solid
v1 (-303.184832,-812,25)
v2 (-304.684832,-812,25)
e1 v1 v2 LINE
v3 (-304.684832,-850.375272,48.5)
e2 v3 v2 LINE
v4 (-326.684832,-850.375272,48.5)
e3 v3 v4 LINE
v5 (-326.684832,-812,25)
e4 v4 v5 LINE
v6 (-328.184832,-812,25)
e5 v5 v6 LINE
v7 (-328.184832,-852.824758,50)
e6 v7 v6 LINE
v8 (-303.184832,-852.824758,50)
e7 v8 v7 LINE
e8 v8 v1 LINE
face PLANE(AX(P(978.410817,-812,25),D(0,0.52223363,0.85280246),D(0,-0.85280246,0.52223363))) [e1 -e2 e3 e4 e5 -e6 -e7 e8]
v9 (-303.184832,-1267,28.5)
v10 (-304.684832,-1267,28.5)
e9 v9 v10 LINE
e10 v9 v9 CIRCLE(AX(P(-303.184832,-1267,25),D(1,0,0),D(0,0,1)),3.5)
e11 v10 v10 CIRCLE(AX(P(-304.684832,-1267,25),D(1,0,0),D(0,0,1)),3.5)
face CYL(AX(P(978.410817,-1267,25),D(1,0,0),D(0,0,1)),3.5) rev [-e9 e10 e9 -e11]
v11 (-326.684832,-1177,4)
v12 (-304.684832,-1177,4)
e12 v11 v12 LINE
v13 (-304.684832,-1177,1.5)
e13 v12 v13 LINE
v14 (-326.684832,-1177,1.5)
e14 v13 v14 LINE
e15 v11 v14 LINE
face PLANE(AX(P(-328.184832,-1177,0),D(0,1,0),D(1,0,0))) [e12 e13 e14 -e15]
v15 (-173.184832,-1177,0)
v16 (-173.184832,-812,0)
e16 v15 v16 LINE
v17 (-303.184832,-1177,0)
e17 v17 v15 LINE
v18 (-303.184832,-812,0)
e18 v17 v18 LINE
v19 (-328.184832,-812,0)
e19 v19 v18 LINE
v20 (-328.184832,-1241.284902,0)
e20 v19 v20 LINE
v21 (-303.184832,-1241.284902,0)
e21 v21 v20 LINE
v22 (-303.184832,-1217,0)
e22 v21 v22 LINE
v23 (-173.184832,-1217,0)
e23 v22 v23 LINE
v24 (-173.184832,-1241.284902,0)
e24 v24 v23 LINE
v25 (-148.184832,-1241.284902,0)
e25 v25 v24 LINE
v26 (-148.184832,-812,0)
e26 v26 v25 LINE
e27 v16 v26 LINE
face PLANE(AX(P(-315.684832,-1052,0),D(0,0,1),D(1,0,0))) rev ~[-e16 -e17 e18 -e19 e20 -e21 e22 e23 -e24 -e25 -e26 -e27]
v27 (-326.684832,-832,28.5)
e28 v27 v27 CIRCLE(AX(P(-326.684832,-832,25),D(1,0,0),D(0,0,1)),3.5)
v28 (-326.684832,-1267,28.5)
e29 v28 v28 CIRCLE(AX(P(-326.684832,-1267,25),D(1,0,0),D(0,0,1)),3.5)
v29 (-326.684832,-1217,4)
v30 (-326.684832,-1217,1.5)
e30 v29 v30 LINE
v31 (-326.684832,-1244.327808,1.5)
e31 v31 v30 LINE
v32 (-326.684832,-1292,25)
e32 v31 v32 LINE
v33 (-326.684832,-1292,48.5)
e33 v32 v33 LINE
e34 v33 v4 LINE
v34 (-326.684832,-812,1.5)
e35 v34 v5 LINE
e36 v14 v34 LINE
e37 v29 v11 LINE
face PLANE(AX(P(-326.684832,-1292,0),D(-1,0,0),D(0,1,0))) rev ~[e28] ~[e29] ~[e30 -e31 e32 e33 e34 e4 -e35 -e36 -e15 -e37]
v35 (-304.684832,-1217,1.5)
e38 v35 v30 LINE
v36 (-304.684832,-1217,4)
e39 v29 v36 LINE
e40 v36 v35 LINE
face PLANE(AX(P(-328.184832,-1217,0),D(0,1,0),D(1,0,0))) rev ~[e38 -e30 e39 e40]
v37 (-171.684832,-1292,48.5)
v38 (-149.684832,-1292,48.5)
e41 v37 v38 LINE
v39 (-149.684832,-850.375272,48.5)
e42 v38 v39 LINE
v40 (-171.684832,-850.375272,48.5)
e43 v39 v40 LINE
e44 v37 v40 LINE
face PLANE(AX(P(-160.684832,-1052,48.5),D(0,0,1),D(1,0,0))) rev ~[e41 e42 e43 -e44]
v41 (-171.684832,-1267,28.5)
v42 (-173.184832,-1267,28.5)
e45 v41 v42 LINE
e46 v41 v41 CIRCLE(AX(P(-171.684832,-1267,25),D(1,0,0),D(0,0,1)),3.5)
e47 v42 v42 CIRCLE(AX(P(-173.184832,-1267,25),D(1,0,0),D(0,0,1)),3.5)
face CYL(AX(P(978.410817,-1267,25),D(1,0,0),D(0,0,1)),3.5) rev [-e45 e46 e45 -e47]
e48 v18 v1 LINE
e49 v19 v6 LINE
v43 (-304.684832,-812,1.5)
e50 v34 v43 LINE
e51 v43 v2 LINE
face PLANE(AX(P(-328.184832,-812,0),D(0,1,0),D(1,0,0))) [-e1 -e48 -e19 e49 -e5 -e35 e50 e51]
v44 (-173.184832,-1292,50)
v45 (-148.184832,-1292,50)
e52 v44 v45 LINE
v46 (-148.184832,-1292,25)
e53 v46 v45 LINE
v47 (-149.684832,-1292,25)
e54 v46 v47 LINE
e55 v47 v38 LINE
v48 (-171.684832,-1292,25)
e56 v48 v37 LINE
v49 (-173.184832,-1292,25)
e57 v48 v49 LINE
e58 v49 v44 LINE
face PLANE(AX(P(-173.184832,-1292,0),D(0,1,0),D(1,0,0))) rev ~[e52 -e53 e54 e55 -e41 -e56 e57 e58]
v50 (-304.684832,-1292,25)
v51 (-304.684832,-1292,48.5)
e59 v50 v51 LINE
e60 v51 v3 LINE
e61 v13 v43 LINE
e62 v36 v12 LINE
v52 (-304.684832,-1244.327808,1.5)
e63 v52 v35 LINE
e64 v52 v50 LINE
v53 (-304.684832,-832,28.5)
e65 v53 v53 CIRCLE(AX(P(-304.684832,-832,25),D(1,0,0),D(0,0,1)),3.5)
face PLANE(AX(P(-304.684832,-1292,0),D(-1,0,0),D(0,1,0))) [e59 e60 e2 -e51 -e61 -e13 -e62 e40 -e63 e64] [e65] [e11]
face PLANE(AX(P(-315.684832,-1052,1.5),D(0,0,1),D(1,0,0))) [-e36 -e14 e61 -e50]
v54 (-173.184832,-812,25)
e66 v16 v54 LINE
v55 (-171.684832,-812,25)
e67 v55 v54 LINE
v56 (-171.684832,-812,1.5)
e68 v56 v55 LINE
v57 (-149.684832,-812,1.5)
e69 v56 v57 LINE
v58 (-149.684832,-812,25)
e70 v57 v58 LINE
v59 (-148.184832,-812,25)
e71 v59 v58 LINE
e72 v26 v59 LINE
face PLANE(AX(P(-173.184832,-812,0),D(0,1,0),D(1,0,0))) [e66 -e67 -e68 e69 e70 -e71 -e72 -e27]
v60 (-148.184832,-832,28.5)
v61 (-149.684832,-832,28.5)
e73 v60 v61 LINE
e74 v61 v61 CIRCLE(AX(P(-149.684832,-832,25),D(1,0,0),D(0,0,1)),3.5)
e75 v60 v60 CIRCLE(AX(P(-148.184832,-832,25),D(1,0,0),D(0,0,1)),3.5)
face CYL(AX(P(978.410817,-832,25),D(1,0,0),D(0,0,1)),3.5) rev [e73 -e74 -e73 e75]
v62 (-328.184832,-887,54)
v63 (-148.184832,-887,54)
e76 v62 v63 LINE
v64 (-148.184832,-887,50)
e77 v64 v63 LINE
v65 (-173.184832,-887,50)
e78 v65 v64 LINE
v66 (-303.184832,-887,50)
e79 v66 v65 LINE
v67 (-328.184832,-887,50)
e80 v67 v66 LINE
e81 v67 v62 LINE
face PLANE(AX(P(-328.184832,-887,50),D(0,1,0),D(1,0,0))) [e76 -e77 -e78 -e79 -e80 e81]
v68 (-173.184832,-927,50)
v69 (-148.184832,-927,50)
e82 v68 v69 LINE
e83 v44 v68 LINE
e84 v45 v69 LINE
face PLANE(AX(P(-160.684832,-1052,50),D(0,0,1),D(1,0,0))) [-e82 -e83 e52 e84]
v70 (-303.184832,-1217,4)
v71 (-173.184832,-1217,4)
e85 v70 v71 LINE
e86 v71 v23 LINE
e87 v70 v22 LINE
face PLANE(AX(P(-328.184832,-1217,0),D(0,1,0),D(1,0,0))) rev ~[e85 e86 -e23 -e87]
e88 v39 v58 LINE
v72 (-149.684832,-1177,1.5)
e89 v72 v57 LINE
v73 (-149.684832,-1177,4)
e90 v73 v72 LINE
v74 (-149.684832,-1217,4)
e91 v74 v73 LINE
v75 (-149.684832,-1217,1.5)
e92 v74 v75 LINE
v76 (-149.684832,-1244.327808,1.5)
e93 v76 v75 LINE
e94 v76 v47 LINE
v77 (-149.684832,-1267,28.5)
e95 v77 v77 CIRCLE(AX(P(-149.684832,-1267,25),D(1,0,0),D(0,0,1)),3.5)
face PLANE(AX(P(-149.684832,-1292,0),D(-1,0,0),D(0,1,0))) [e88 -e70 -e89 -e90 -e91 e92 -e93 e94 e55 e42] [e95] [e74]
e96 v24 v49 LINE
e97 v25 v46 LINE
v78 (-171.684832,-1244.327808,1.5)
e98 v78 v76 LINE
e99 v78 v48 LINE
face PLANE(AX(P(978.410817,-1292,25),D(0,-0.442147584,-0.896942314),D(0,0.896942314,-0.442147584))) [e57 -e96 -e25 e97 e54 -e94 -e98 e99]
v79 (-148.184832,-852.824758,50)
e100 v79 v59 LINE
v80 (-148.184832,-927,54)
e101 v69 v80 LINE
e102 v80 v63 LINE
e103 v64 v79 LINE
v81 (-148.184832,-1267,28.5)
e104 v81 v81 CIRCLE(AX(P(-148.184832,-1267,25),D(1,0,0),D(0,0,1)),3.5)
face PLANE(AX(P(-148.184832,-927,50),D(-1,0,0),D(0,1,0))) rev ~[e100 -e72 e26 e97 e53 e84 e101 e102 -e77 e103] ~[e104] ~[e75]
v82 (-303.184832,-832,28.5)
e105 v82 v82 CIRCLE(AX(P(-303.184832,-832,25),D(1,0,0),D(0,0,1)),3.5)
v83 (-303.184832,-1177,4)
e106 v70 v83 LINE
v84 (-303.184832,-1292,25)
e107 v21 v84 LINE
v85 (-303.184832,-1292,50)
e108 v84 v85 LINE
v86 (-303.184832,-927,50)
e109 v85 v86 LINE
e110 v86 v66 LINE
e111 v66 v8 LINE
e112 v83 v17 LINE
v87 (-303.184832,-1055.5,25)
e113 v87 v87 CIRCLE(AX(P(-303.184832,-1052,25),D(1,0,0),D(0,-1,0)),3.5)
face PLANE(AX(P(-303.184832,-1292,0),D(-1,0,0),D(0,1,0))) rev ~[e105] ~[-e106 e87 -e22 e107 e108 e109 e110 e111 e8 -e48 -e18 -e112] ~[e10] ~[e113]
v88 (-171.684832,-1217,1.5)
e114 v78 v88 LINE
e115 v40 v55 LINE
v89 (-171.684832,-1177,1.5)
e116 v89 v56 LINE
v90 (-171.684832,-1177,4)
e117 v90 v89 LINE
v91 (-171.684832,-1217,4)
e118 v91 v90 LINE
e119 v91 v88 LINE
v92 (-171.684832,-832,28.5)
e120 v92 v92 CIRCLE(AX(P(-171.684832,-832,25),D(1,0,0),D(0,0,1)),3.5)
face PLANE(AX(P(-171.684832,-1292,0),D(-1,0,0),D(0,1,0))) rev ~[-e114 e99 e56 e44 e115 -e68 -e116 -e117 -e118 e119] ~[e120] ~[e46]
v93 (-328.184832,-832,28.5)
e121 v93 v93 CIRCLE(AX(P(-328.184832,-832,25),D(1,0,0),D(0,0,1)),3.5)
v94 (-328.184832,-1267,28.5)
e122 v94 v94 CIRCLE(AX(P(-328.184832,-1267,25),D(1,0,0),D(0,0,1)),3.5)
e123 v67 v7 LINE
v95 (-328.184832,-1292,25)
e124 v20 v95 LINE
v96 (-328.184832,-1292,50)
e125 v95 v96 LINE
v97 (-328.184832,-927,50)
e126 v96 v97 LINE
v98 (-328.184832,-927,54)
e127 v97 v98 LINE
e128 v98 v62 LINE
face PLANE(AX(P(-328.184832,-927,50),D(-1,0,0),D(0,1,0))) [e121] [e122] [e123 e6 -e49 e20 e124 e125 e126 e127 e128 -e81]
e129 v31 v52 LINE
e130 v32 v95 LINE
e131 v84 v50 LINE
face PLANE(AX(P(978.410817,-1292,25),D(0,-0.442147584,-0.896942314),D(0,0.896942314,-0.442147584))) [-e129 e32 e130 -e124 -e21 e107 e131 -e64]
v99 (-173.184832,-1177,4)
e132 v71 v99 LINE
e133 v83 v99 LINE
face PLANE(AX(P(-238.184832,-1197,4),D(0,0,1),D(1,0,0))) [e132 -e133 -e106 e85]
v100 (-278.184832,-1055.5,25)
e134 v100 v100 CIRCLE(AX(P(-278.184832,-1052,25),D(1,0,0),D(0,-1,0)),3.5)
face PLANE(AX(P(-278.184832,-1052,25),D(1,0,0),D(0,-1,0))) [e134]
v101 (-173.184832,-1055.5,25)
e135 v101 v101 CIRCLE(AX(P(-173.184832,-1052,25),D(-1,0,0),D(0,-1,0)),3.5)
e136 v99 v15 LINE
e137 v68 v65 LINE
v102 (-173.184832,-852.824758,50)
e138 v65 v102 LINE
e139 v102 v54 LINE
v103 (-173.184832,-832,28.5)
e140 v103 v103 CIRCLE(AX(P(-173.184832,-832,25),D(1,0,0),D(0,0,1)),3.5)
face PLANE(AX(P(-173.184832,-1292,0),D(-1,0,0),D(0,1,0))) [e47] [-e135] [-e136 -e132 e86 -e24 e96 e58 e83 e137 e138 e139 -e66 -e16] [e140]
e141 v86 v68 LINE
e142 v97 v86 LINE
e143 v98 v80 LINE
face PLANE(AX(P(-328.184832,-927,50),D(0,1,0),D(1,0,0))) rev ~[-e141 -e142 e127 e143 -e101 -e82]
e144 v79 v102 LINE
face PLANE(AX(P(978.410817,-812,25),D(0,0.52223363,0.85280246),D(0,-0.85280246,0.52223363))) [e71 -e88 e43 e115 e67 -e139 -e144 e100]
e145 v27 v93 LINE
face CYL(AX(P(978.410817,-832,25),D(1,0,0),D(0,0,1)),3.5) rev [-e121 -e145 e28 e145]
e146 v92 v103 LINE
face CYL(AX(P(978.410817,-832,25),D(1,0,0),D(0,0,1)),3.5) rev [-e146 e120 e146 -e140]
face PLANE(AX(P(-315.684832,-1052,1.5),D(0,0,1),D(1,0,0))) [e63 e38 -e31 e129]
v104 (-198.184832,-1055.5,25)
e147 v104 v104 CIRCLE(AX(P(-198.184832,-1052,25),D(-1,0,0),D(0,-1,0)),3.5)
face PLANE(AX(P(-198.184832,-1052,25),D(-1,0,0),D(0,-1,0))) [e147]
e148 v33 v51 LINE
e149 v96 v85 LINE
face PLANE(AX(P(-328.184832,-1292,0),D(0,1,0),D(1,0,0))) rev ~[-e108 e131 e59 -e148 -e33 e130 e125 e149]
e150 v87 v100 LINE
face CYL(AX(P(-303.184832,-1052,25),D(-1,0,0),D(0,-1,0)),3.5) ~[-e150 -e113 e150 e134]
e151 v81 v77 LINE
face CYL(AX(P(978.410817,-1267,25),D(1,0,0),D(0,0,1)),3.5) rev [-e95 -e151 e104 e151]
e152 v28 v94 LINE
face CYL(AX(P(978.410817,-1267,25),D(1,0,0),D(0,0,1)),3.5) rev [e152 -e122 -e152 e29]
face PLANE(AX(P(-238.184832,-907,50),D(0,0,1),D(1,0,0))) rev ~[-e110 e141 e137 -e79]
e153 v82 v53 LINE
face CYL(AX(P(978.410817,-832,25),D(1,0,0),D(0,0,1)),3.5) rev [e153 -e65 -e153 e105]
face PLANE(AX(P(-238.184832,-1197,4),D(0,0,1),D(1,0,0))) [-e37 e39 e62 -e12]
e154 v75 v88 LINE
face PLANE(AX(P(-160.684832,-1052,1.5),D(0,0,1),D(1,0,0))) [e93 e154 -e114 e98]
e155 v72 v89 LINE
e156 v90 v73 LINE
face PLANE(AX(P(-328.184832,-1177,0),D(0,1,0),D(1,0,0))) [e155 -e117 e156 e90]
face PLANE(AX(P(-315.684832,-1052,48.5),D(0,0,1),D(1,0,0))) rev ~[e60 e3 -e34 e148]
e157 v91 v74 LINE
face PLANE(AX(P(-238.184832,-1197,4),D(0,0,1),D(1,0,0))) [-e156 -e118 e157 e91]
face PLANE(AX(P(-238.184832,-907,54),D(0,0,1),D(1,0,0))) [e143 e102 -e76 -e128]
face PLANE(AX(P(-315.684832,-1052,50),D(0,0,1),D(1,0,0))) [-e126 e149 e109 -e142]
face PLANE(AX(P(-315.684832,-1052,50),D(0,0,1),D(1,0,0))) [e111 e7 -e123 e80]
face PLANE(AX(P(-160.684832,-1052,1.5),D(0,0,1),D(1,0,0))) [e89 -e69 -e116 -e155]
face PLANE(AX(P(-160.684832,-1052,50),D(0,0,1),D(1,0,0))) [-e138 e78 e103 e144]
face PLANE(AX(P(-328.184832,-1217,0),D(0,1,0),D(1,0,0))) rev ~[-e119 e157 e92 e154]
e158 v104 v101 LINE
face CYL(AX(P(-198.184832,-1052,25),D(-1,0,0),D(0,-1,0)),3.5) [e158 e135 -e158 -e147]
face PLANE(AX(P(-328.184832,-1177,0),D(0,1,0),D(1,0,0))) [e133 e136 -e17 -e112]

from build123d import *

# Parameters (mm, degrees)
SKETCH1_W               = 25
SKETCH1_H               = 480
BOSS_EXTRUDE1_DEPTH     = 50
BOSS_EXTRUDE1_2_DEPTH   = 50
SHELL1_T                = -1.5
SHELL2_T                = -1.5
SKETCH2_W               = 180
SKETCH2_H               = 40
BOSS_EXTRUDE2_DEPTH     = 4
SKETCH3_W               = 180
SKETCH3_H               = 40
BOSS_EXTRUDE3_DEPTH     = 4
CUT_EXTRUDE1_DEPTH      = 1306.595649503
CUT_EXTRUDE1_DEPTH_BACK = 1306.595649503
SKETCH4_R               = 3.5
SKETCH5_R               = 3.5
BOSS_EXTRUDE4_DEPTH     = 25
BOSS_EXTRUDE5_START     = 25
SKETCH6_R               = 3.5
BOSS_EXTRUDE5_DEPTH     = 25
CUT_EXTRUDE6_DEPTH      = 1306.595649503
CUT_EXTRUDE6_DEPTH_BACK = 1306.595649503
CUT_EXTRUDE7_DEPTH      = 1306.595649503
CUT_EXTRUDE7_DEPTH_BACK = 1306.595649503


with BuildPart() as part:
    # Sketch1 → Boss-Extrude1 (new body)
    with BuildSketch(Plane.XY):
        with Locations((-160.684832451, -1052)):
            Rectangle(SKETCH1_W, SKETCH1_H)
    extrude(amount=BOSS_EXTRUDE1_DEPTH)

    # Shell2
    shell2_openings = [part.faces().sort_by_distance(p)[0] for p in [
        (-160.684832451, -1292, 25),
        (-160.684832451, -812, 25),
    ]]
    offset(amount=SHELL2_T, openings=shell2_openings, kind=Kind.INTERSECTION)



with BuildPart() as body_2:
    # Sketch1 → Boss-Extrude1 2 (new body)
    with BuildSketch(Plane.XY):
        with Locations((-315.684832451, -1052)):
            Rectangle(SKETCH1_W, SKETCH1_H)
    extrude(amount=BOSS_EXTRUDE1_2_DEPTH)

    # Shell1
    shell1_openings = [body_2.faces().sort_by_distance(p)[0] for p in [
        (-315.684832451, -812, 25),
        (-315.684832451, -1292, 25),
    ]]
    offset(amount=SHELL1_T, openings=shell1_openings, kind=Kind.INTERSECTION)


with BuildPart() as part_1:
    add(part.part)

    add(body_2.part)  # Boss-Extrude2 merges body 2
    # Sketch2 → Boss-Extrude2 (add)
    with BuildSketch(Plane.XY):
        with Locations((-238.184832451, -1197)):
            Rectangle(SKETCH2_W, SKETCH2_H)
    extrude(amount=BOSS_EXTRUDE2_DEPTH)

    # Sketch3 → Boss-Extrude3 (add)
    with BuildSketch(Plane.XY.offset(50)):
        with Locations((-238.184832451, -907)):
            Rectangle(SKETCH3_W, SKETCH3_H)
    extrude(amount=BOSS_EXTRUDE3_DEPTH)

    # Sketch4 → Cut-Extrude1 (cut, two sides: drawn at the far end of the back side and taken through both)
    with BuildSketch(Plane.ZY.offset(328.184832451).offset(-CUT_EXTRUDE1_DEPTH_BACK)):
        with Locations((25, -1267)):
            Circle(SKETCH4_R)
        with Locations((25, -832)):
            Circle(SKETCH4_R)
    extrude(amount=CUT_EXTRUDE1_DEPTH + CUT_EXTRUDE1_DEPTH_BACK, mode=Mode.SUBTRACT)

    # Sketch5 → Boss-Extrude4 (add)
    with BuildSketch(Plane(origin=(-303.184832451, 0, 0), x_dir=(0, 0, -1), z_dir=(1, 0, 0))):
        with Locations(Location((-25, -1052, 0), (0, 0, 270))):
            Circle(SKETCH5_R)
    extrude(amount=BOSS_EXTRUDE4_DEPTH)

    # Sketch6 → Boss-Extrude5 (add)
    with BuildSketch(Plane.ZY.offset(173.184832451).offset(BOSS_EXTRUDE5_START)):
        with Locations(Location((25, -1052, 0), (0, 0, 270))):
            Circle(SKETCH6_R)
    extrude(amount=-BOSS_EXTRUDE5_DEPTH)

    # Sketch11 → Cut-Extrude6 (cut, two sides: drawn at the far end of the back side and taken through both)
    with BuildSketch(Plane.ZY.offset(328.184832451).offset(-CUT_EXTRUDE6_DEPTH_BACK)):
        Polygon((25, -812), (50, -852.824757881), (50, -812), align=None)
    extrude(amount=CUT_EXTRUDE6_DEPTH + CUT_EXTRUDE6_DEPTH_BACK, mode=Mode.SUBTRACT)

    # Sketch12 → Cut-Extrude7 (cut, two sides: drawn at the far end of the back side and taken through both)
    with BuildSketch(Plane.ZY.offset(328.184832451).offset(-CUT_EXTRUDE7_DEPTH_BACK)):
        Polygon((25, -1292), (0, -1241.284902425), (0, -1292), align=None)
    extrude(amount=CUT_EXTRUDE7_DEPTH + CUT_EXTRUDE7_DEPTH_BACK, mode=Mode.SUBTRACT)


solid = part_1.part
